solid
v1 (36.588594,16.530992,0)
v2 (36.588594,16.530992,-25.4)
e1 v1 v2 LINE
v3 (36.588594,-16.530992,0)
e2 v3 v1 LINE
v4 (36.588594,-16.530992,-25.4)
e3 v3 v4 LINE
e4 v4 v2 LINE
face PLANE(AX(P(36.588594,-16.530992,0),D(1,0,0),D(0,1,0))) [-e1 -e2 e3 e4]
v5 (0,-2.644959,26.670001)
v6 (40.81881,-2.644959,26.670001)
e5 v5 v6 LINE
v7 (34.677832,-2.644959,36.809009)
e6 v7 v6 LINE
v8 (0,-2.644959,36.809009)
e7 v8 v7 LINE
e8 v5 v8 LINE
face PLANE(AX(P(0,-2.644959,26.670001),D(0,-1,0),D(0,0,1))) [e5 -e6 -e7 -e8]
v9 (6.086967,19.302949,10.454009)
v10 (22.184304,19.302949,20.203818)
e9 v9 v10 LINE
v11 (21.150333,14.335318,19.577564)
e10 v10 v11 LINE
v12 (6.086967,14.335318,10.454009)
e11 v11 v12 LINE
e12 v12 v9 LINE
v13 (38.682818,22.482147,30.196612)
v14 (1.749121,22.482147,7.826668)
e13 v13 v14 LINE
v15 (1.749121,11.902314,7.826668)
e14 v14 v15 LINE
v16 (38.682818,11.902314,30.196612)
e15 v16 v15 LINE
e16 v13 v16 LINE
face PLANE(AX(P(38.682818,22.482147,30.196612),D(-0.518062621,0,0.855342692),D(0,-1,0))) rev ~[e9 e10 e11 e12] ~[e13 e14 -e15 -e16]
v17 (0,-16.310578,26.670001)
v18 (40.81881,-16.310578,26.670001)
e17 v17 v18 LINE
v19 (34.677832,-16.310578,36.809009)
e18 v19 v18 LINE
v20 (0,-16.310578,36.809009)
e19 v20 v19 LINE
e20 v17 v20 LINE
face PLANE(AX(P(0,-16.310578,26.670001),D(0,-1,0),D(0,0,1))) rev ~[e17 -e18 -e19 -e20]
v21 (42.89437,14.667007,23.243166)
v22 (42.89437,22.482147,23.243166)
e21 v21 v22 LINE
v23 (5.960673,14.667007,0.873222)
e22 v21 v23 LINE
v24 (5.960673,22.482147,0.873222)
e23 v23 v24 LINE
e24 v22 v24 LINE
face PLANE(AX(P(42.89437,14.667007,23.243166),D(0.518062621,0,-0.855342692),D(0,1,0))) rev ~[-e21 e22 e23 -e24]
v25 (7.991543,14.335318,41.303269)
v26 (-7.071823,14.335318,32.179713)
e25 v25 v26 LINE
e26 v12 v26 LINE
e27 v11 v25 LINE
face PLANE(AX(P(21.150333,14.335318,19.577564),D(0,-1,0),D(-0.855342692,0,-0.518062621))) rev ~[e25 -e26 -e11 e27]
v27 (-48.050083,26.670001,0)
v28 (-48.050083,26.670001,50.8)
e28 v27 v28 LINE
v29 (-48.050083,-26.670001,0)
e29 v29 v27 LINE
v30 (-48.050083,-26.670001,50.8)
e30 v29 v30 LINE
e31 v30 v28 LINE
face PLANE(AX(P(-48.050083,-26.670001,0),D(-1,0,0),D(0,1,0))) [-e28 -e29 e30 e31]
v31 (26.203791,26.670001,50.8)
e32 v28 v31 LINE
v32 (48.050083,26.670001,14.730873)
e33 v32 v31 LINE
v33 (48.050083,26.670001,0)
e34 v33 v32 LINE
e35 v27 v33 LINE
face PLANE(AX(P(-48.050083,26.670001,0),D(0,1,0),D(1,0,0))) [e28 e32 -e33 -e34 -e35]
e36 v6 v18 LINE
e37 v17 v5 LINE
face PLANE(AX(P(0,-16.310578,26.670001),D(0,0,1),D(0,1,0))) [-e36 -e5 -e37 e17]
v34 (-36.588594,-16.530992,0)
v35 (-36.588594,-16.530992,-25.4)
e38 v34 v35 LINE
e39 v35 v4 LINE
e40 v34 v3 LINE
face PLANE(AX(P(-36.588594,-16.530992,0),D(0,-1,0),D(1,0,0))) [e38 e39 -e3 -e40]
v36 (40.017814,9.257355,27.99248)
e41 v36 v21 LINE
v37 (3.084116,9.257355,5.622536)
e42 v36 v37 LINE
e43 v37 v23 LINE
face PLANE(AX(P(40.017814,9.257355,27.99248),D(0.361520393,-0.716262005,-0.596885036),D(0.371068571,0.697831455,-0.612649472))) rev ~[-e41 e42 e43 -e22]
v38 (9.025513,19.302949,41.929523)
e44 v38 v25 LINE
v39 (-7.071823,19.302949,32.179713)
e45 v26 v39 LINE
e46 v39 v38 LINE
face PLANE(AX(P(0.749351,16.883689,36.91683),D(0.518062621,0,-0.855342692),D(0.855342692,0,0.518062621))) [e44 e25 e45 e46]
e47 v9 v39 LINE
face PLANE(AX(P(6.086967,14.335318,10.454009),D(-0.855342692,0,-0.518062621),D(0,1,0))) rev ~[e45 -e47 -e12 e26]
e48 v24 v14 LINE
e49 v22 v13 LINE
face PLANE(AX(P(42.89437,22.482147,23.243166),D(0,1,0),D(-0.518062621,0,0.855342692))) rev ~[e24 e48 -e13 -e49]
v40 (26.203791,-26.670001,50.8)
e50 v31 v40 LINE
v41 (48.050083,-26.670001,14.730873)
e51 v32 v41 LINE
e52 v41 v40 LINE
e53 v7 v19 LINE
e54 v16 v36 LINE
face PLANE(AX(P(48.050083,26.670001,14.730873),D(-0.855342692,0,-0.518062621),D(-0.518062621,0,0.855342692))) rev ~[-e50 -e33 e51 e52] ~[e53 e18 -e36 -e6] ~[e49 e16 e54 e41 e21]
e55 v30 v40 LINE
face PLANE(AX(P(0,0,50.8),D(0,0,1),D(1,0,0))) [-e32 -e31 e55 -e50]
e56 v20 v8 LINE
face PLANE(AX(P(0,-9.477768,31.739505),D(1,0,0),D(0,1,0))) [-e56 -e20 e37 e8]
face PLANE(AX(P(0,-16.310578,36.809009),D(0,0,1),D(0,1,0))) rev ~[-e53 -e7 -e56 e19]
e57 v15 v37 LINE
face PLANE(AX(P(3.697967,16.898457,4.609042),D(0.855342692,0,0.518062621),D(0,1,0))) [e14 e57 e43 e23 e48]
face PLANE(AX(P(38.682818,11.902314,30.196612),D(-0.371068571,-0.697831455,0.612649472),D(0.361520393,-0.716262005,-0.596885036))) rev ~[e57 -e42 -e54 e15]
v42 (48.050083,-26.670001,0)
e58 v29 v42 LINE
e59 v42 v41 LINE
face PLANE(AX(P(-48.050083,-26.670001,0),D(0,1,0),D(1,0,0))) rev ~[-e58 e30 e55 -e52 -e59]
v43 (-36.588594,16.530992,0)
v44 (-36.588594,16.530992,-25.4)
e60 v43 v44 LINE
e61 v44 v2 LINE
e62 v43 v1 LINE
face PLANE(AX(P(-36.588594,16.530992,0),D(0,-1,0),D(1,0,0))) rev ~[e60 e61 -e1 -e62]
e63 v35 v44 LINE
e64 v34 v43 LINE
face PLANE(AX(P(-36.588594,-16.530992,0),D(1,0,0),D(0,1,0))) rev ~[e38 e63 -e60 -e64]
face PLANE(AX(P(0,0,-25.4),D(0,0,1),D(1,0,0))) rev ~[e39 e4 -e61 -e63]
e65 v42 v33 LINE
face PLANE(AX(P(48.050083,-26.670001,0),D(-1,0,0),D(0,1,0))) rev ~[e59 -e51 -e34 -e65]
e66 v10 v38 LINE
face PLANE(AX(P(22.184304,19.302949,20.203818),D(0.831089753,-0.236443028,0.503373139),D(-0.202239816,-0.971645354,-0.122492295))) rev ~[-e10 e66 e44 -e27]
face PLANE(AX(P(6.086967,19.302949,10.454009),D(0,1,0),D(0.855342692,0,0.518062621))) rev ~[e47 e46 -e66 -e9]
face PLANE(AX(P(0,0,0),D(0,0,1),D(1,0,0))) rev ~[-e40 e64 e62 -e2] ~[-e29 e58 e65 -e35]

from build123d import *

# Parameters (mm, degrees)
F0_W      = 96.10016644
F0_H      = 53.3400028944
F1_DEPTH  = 50.8
F2_W      = 73.1771886349
F2_H      = 33.0619849265
F3_DEPTH  = 25.4
F4_W      = 13.6656195391
F4_H      = 10.1390071213
F5_DEPTH  = 48.05108322
F7_DEPTH  = 53.3410028944
F9_DEPTH  = 43.18
F11_DEPTH = 25.4


with BuildPart() as f1:
    # F0 (on Top) → F1 (new body)
    with BuildSketch(Plane.XY):
        Rectangle(F0_W, F0_H)
    extrude(amount=F1_DEPTH)

    # F2 (on Top) → F3 (join)
    with BuildSketch(Plane.XY):
        Rectangle(F2_W, F2_H)
    extrude(amount=-F3_DEPTH)

    # F4 (on Right) → F5 (cut, through all)
    with BuildSketch(Plane.YZ):
        with Locations((-9.4777684426, 31.7395050079)):
            Rectangle(F4_W, F4_H)
    extrude(amount=F5_DEPTH, mode=Mode.SUBTRACT)

    # F6 (on face) → F7 (cut, through all)
    with BuildSketch(Plane(origin=(0, 26.6700014472, 0), x_dir=(-1, 0, 0), z_dir=(0, 1, 0))):
        Polygon((-48.05008322, 50.8), (-48.05008322, 14.7308725864), (-26.2037906796, 50.8), align=None)
    extrude(amount=-F7_DEPTH, mode=Mode.SUBTRACT)

    # F8 (on face) → F9 (cut)
    with BuildSketch(Plane(origin=(41.6815353707, 0, 25.2456069924), x_dir=(0, 1, 0), z_dir=(0.8553426921, 0, 0.5180626207))):
        Polygon((11.9023136795, 5.7883295231), (9.2573547736, 3.2114295755), (14.6670065658, -2.3410974829), (22.4821474403, -2.3410974829), (22.4821474403, 5.7883295231), align=None)
    extrude(amount=-F9_DEPTH, mode=Mode.SUBTRACT)

    # F10 (on face) → F11 (cut)
    with BuildSketch(Plane(origin=(-2.9987171623, 0, 4.9510053573), x_dir=(0.8553426921, 0, 0.5180626207), z_dir=(0.5180626207, 0, -0.8553426921))):
        Polygon((29.4420253485, -19.3029493093), (28.2331872731, -14.3353175372), (10.6222741306, -14.3353175372), (10.6222741306, -19.3029493093), align=None)
    extrude(amount=-F11_DEPTH, mode=Mode.SUBTRACT)


solid = f1.part
